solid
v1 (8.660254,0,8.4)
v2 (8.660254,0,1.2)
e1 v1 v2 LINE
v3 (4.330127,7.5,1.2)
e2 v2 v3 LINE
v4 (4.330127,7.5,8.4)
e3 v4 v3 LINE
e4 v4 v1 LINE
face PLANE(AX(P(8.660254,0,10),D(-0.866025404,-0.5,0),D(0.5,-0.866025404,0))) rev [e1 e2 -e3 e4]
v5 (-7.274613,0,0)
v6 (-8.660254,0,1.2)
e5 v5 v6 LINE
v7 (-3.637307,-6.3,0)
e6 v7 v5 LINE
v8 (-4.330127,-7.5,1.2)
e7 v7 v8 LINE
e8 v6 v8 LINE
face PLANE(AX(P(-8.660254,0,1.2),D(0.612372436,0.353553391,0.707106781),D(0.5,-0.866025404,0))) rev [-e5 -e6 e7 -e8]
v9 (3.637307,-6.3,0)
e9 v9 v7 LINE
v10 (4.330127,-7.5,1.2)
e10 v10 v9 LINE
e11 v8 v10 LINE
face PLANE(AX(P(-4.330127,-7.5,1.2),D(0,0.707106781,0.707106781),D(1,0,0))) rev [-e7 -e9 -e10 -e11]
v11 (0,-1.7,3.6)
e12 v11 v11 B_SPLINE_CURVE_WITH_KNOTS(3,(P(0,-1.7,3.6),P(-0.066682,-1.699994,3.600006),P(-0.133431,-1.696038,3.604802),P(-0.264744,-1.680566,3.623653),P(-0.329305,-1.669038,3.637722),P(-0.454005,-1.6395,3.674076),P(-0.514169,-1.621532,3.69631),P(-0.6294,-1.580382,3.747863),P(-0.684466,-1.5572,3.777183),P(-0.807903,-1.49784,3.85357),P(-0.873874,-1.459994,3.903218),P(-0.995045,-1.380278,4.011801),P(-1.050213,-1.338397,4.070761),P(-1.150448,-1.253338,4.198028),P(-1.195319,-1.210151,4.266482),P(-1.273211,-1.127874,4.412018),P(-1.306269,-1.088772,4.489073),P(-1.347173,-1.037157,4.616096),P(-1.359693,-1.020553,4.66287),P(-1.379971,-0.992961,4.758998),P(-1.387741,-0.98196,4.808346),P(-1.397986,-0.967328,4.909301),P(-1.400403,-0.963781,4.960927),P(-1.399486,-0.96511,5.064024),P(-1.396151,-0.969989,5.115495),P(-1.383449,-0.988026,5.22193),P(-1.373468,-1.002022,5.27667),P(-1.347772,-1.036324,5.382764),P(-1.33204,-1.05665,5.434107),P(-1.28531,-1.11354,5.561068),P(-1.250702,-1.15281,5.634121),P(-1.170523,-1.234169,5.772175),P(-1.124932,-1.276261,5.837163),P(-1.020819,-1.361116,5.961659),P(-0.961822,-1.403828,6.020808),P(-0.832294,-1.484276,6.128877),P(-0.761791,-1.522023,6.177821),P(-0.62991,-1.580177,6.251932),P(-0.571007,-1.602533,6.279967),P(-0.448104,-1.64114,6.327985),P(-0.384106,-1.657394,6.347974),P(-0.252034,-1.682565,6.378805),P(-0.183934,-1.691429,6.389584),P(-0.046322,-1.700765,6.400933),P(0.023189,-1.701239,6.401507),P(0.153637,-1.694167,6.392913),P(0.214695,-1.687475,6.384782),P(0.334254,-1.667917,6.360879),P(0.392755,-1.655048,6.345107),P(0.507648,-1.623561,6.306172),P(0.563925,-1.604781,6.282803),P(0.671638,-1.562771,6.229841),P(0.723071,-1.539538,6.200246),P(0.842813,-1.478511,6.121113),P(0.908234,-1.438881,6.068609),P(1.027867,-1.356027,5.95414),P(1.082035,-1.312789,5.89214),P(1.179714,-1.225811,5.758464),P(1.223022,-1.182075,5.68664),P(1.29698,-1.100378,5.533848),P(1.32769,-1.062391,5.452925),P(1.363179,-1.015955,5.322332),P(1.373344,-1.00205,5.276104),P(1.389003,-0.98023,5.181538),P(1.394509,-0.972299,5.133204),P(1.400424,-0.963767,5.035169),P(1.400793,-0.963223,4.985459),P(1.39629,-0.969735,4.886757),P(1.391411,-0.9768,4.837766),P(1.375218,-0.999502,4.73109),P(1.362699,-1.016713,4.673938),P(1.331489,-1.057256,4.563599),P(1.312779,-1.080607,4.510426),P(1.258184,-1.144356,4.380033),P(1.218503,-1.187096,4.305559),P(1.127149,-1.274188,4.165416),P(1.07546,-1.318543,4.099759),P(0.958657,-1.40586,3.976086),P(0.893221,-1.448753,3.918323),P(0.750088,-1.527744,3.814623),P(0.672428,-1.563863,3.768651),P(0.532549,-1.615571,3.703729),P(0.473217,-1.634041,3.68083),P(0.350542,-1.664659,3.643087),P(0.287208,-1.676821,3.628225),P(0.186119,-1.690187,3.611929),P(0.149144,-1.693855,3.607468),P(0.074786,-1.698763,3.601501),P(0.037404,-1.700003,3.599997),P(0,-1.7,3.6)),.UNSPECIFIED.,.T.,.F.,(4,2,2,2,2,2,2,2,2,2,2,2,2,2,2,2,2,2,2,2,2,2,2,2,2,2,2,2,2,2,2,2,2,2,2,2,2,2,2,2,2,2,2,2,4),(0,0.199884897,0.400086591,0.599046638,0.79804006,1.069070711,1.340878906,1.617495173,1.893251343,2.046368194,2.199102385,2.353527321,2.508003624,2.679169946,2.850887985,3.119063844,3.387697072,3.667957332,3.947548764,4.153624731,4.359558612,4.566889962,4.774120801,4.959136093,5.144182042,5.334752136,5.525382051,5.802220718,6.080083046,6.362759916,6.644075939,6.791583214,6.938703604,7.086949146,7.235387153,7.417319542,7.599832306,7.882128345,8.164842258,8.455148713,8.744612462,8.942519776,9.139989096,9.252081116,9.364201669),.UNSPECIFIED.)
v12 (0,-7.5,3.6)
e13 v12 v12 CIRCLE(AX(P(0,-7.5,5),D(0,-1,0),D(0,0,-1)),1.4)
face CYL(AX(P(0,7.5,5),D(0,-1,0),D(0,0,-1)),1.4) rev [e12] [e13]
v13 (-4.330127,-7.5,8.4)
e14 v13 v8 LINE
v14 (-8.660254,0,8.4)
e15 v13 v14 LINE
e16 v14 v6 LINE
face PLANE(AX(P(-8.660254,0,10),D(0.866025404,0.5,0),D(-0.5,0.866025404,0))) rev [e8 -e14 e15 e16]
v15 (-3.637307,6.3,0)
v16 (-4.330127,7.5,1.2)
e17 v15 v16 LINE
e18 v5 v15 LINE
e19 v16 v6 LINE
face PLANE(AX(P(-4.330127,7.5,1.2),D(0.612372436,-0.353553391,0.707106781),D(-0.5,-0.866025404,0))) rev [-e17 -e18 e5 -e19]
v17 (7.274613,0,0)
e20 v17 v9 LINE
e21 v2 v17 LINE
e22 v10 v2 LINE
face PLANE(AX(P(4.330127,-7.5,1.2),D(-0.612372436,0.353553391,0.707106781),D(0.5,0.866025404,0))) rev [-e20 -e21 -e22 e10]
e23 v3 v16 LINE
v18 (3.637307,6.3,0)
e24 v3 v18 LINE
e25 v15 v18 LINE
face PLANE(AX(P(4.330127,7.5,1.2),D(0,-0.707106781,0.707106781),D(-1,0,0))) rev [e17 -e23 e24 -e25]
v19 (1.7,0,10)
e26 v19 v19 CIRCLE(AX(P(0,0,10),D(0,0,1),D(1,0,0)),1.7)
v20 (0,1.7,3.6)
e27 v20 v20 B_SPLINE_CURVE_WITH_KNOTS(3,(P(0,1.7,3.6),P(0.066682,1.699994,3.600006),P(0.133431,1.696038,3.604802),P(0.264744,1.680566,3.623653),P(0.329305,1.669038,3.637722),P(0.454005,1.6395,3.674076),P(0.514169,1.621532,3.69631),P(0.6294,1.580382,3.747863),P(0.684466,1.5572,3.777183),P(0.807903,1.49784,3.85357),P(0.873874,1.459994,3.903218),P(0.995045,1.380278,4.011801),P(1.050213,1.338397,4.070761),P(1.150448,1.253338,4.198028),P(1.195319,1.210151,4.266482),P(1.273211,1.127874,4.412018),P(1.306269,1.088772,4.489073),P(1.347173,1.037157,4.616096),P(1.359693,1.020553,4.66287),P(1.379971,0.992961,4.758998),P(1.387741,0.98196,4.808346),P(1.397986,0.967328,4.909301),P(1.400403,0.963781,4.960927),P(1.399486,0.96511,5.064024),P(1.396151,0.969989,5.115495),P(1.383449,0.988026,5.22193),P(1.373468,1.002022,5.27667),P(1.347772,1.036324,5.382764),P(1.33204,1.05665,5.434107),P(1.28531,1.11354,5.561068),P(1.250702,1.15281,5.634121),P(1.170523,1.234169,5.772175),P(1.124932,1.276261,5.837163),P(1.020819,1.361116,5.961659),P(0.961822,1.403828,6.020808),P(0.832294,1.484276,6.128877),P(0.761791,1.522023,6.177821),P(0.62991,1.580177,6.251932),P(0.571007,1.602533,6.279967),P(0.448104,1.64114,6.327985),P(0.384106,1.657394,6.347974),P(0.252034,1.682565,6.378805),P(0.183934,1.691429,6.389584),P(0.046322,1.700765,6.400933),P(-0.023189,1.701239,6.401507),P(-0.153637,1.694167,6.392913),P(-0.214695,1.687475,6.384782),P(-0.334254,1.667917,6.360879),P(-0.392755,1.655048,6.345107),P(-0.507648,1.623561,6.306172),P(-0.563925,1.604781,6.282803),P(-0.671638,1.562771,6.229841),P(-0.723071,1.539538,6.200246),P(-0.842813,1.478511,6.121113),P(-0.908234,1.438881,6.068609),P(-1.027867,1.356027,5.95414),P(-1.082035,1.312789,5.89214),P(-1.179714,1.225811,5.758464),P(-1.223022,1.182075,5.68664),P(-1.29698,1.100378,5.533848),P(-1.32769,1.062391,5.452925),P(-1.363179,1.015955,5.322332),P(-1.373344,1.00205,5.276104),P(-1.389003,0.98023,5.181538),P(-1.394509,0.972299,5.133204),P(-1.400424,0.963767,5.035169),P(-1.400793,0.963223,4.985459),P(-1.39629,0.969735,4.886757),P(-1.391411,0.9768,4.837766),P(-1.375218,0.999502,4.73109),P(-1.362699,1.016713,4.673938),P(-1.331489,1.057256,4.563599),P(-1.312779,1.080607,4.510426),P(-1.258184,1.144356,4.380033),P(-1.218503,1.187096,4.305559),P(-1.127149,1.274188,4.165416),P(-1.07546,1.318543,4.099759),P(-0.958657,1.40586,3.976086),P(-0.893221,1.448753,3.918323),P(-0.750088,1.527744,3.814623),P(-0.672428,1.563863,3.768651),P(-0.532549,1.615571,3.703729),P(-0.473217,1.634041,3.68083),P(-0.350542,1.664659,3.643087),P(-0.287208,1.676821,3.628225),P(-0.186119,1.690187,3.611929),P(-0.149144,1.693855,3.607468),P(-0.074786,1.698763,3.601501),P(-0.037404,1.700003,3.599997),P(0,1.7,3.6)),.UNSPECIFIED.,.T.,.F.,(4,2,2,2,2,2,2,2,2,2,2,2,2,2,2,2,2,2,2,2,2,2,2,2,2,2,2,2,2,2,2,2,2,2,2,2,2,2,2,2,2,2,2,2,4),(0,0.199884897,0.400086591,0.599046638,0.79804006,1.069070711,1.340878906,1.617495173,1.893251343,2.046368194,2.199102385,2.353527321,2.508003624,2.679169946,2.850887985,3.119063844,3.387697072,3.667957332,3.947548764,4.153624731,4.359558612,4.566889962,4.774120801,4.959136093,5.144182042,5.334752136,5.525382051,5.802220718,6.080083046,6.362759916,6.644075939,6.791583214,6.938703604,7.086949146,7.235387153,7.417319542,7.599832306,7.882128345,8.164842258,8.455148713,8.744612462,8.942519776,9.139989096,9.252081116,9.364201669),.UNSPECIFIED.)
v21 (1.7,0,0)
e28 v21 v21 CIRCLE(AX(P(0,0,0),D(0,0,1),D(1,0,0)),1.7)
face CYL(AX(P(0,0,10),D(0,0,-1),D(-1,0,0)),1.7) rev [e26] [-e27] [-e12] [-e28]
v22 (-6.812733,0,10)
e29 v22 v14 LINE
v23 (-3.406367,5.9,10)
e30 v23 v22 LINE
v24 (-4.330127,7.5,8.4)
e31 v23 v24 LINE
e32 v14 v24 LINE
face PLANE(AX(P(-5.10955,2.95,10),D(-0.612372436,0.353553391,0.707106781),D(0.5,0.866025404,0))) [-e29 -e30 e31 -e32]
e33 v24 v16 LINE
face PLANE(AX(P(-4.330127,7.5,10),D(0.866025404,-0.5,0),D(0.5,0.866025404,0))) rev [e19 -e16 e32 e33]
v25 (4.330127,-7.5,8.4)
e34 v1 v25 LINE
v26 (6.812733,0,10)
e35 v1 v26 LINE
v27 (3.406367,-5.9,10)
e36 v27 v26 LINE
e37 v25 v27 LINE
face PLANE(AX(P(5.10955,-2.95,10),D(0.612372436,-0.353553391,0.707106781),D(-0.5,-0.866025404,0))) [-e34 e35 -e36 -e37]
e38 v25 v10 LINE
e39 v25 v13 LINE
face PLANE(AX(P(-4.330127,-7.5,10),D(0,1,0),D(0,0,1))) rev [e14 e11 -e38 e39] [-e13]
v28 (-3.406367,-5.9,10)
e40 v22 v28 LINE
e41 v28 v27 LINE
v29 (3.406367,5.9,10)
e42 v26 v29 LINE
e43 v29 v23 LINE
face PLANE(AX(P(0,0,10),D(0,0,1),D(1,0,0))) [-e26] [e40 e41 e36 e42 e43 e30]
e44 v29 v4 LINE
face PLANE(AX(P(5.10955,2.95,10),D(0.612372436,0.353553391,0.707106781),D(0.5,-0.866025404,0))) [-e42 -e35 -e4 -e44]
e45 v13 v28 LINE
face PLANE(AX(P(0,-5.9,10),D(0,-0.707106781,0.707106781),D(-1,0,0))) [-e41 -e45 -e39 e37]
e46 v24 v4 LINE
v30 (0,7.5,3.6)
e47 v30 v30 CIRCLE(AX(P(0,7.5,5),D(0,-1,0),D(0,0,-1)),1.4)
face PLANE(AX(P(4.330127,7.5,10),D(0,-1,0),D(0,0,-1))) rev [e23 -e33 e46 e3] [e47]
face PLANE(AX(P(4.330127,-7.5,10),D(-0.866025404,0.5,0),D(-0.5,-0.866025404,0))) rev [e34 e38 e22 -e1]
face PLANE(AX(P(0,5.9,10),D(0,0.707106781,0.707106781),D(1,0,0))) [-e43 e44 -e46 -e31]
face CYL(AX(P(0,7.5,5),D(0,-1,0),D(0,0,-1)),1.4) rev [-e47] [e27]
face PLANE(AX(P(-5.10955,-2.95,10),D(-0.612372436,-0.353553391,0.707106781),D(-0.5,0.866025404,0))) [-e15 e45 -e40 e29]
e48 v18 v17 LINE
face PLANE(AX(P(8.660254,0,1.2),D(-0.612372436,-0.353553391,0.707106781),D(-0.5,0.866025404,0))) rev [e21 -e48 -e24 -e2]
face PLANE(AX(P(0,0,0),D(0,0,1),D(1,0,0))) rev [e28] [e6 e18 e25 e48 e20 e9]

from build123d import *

# Parameters (mm, degrees)
SKETCH1_R           = 1.7
BOSS_EXTRUDE1_DEPTH = 10
SKETCH2_R           = 1.4
CUT_EXTRUDE1_DEPTH  = 16
CHAMFER1_SIZE       = 1.6
CHAMFER2_SIZE       = 1.2


with BuildPart() as part:
    # Sketch1 → Boss-Extrude1 (new body)
    with BuildSketch(Plane.XY):
        Polygon((8.660254038, 0), (4.330127019, 7.5), (-4.330127019, 7.5), (-8.660254038, 0), (-4.330127019, -7.5), (4.330127019, -7.5), align=None)
        Circle(SKETCH1_R, mode=Mode.SUBTRACT)
    extrude(amount=BOSS_EXTRUDE1_DEPTH)

    # Sketch2 → Cut-Extrude1 (cut, through all)
    with BuildSketch(Plane.XZ.offset(7.5)):
        with Locations((0, 5)):
            Circle(SKETCH2_R)
    extrude(amount=-CUT_EXTRUDE1_DEPTH, mode=Mode.SUBTRACT)

    # Chamfer1
    chamfer1_edges = [part.edges().sort_by_distance(p)[0] for p in [
        (0, 7.5, 10),
        (-6.495190528, 3.75, 10),
        (-6.495190528, -3.75, 10),
        (0, -7.5, 10),
        (6.495190528, -3.75, 10),
        (6.495190528, 3.75, 10),
    ]]
    chamfer(chamfer1_edges, length=CHAMFER1_SIZE)

    # Chamfer2
    chamfer2_edges = [part.edges().sort_by_distance(p)[0] for p in [
        (0, -7.5, 0),
        (-6.495190528, -3.75, 0),
        (-6.495190528, 3.75, 0),
        (0, 7.5, 0),
        (6.495190528, 3.75, 0),
        (6.495190528, -3.75, 0),
    ]]
    chamfer(chamfer2_edges, length=CHAMFER2_SIZE)


solid = part.part
